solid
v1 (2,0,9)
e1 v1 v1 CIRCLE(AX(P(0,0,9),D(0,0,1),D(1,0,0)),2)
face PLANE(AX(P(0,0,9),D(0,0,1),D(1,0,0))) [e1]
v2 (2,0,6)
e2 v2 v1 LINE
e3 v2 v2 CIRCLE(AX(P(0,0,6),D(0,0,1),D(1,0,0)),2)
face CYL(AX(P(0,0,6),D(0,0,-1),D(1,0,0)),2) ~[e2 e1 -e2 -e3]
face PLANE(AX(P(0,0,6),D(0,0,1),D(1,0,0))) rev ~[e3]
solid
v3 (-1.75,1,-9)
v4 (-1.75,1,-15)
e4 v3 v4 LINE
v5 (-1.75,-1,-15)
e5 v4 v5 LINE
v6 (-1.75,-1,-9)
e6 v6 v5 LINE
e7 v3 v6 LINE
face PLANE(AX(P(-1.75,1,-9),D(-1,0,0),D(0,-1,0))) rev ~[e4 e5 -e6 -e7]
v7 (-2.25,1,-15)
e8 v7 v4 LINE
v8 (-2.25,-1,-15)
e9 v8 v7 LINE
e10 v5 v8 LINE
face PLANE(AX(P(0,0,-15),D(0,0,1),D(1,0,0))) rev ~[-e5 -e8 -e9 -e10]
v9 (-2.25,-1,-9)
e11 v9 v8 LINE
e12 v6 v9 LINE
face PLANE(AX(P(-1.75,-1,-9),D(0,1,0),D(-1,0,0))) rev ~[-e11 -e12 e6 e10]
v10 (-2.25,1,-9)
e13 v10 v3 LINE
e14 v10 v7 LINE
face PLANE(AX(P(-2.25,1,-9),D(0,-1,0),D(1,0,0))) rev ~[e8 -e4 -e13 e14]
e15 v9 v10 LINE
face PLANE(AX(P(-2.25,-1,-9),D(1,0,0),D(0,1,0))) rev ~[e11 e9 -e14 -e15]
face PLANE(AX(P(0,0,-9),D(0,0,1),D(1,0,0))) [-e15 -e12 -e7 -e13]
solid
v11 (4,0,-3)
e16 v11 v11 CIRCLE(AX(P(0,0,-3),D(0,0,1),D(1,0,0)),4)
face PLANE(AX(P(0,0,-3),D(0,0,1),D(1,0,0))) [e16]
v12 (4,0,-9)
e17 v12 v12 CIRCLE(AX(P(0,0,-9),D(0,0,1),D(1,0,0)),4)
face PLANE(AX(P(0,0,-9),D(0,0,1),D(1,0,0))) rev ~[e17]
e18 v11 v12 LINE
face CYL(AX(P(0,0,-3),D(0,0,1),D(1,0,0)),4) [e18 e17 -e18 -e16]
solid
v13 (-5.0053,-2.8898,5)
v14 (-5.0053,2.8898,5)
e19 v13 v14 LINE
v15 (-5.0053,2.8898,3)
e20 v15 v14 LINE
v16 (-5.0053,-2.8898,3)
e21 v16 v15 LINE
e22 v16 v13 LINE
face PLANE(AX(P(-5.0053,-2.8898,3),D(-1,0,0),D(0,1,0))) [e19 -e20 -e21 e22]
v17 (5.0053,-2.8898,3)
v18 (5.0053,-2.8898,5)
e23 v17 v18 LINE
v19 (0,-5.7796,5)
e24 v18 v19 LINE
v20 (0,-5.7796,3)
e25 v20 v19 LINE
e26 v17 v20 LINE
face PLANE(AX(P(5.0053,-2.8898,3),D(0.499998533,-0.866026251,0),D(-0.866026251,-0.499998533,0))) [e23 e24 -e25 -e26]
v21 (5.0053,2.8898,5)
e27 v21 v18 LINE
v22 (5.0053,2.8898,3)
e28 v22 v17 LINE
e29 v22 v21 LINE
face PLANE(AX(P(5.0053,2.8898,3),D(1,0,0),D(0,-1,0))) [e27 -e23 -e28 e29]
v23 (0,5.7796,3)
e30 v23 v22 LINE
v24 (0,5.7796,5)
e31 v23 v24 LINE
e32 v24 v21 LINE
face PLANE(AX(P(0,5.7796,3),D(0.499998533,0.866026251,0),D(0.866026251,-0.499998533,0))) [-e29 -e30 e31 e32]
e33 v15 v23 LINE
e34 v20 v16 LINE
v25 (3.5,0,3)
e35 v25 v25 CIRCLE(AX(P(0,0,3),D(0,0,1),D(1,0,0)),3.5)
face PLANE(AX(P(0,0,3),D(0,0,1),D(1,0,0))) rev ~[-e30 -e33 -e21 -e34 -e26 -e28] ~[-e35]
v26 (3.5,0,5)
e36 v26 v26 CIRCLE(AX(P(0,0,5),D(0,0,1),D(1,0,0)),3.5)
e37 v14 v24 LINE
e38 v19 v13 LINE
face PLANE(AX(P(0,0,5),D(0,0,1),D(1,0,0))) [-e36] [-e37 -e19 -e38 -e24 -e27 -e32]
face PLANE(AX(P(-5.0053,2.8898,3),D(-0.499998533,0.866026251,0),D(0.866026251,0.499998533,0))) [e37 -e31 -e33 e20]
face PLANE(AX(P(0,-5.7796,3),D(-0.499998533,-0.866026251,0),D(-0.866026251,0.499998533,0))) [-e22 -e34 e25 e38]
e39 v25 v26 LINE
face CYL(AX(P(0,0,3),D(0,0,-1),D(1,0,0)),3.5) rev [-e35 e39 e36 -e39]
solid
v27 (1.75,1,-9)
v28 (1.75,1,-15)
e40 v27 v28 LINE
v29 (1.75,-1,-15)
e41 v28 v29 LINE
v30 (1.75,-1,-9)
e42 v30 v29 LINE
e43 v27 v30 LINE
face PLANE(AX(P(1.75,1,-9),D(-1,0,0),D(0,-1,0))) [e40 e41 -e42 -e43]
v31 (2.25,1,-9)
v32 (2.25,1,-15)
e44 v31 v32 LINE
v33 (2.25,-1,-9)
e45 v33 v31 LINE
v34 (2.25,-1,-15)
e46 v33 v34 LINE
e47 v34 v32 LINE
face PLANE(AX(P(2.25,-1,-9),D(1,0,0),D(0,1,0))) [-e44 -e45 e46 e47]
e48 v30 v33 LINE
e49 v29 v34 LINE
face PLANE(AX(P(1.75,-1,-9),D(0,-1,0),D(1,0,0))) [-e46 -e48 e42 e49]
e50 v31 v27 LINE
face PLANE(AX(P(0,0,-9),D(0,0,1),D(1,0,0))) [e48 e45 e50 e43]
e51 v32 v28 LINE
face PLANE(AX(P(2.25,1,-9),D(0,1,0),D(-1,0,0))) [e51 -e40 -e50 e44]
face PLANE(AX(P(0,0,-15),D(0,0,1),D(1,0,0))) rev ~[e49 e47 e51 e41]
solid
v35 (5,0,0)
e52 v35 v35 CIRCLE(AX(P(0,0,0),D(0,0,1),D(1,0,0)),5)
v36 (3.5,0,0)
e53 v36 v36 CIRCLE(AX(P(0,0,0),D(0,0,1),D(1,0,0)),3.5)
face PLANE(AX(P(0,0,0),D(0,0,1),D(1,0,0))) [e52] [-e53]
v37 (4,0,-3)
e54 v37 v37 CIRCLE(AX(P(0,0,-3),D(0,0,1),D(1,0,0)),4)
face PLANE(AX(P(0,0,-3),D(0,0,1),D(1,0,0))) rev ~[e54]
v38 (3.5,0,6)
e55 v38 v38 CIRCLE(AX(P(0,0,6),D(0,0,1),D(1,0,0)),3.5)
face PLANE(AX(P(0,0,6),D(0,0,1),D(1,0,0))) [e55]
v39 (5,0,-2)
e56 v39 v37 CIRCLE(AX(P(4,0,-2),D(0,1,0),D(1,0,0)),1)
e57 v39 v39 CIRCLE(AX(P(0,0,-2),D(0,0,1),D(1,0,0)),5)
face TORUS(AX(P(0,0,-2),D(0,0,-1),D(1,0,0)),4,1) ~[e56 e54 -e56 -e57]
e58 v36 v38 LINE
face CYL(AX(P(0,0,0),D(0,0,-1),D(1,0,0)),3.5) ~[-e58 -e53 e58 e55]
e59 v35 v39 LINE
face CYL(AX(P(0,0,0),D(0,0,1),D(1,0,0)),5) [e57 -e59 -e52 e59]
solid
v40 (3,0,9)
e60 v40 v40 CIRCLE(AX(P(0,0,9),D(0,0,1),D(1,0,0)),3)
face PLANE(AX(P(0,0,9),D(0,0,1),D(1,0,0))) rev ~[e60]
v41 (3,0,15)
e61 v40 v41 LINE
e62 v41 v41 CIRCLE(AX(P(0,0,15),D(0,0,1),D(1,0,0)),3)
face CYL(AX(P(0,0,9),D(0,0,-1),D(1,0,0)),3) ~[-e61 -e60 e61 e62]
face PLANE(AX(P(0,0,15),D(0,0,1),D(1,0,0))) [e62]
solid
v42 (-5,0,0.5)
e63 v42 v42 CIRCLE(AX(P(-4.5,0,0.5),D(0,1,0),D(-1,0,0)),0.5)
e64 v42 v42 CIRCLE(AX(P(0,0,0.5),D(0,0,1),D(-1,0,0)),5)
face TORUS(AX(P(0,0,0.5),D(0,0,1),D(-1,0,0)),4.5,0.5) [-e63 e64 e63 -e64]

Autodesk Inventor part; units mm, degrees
ref_plane "YZ Plane" through (0, 0, 0) normal (1, 0, 0) x (0, 1, 0)
ref_plane "XZ Plane" through (0, 0, 0) normal (0, 1, 0) x (-1, 0, 0)
ref_plane "XY Plane" through (0, 0, 0) normal (0, 0, 1) x (1, 0, 0)
sketch "Skizze1" plane through (0, 0, 0) normal (0, 0, 1) x (1, 0, 0)
  circle A0 centre (0, 0) radius 5
  dimension "d0" = 10
extrude "Extrusion1" add sketch "Skizze1" against normal blind 3
fillet "Rundung1" radius 1 1 edges at (-5, 0, -3)
sketch "Skizze2" plane through (0, 0, 0) normal (0, 0, 1) x (1, 0, 0)
  circle A0 centre (0, 0) radius 3.5
  dimension "d4" = 7
extrude "Extrusion2" add sketch "Skizze2" along normal blind 6
thread "Gewinde1" size "M7x1" class "6g" standard "ANSI Metric M Profile" full length
sketch "Skizze3" plane through (0, 0, 0) normal (0, 0, 1) x (1, 0, 0)
  circle A0 centre (0, 0) radius 2
  dimension "d9" = 4
extrude "Extrusion3" add sketch "Skizze3" along normal blind 3 separate body
move or copy body "Körper verschieben1" bodies to move or copy 2 copy no translate (0, 0, 6)
sketch "Skizze4" plane through (0, 0, 0) normal (0, 0, 1) x (1, 0, 0)
  circle A0 centre (0, 0) radius 3
  dimension "d15" = 6
extrude "Extrusion4" add sketch "Skizze4" along normal blind 6 separate body
move or copy body "Körper verschieben2" bodies to move or copy 3 copy no translate (0, 0, 9)
sketch "Skizze5" plane through (0, 0, 0) normal (0, 0, 1) x (1, 0, 0)
  circle A0 centre (0, 0) radius 4
  dimension "d21" = 8
extrude "Extrusion5" add sketch "Skizze5" against normal blind 6 separate body
move or copy body "Körper verschieben3" bodies to move or copy 4 copy no translate (0, 0, -3)
sketch "Skizze6" plane through (0, 0, 0) normal (0, 0, 1) x (1, 0, 0)
  line L0 (-1.75, -1) -> (-2.25, -1)
  line L1 (-2.25, -1) -> (-2.25, 1)
  line L2 (-2.25, 1) -> (-1.75, 1)
  line L3 (-1.75, 1) -> (-1.75, -1)
  line L4 (-1.75, -1) -> (-2.25, 1) construction
  line L5 (-2.25, -1) -> (-1.75, 1) construction
  line L6 (1.75, -1) -> (2.25, -1)
  line L7 (2.25, -1) -> (2.25, 1)
  line L8 (2.25, 1) -> (1.75, 1)
  line L9 (1.75, 1) -> (1.75, -1)
  line L10 (1.75, -1) -> (2.25, 1) construction
  line L11 (2.25, -1) -> (1.75, 1) construction
  point P0 (0, 0)
  point P1 (-2, 0)
  point P2 (2, 0)
  dimension "d27" = 0.5
  dimension "d28" = 2
  dimension "d29" = 0.5
  dimension "d30" = 2
extrude "Extrusion6" add sketch "Skizze6" against normal blind 6 separate body
move or copy body "Körper verschieben4" bodies to move or copy 5 copy no translate (0, 0, -9)
sketch "Skizze8" plane through (0, 0, 0) normal (0, 1, 0) x (-1, 0, 0)
  circle A0 centre (4.5, 0) radius 0.5
  line L0 (0, -1.125) -> (0, 1.125)
  line L1 (0, 0) -> (4.5, 0) construction
  dimension "d36" = 1
  dimension "d37" = 4.5
revolve "Umdrehung1" add sketch "Skizze8" angle 360 about axis through (0, 0, -1.125) along (0, 0, 1) separate body
move or copy body "Körper verschieben5" bodies to move or copy 6 copy no translate (0, 0, 0.5)
sketch "Skizze9" plane through (0, 0, 0) normal (0, 0, 1) x (1, 0, 0)
  line L0 (0, 5.7796) -> (5.0053, 2.8898)
  line L1 (5.0053, 2.8898) -> (5.0053, -2.8898)
  line L2 (5.0053, -2.8898) -> (0, -5.7796)
  line L3 (0, -5.7796) -> (-5.0053, -2.8898)
  line L4 (-5.0053, -2.8898) -> (-5.0053, 2.8898)
  line L5 (-5.0053, 2.8898) -> (0, 5.7796)
  circle A0 centre (0, 0) radius 3.5
  dimension "d44" = 7
extrude "Extrusion7" add sketch "Skizze9" along normal blind 2 separate body
move or copy body "Körper verschieben6" bodies to move or copy 7 copy no translate (0, 0, 3)
properties part number "Pushbutton"
